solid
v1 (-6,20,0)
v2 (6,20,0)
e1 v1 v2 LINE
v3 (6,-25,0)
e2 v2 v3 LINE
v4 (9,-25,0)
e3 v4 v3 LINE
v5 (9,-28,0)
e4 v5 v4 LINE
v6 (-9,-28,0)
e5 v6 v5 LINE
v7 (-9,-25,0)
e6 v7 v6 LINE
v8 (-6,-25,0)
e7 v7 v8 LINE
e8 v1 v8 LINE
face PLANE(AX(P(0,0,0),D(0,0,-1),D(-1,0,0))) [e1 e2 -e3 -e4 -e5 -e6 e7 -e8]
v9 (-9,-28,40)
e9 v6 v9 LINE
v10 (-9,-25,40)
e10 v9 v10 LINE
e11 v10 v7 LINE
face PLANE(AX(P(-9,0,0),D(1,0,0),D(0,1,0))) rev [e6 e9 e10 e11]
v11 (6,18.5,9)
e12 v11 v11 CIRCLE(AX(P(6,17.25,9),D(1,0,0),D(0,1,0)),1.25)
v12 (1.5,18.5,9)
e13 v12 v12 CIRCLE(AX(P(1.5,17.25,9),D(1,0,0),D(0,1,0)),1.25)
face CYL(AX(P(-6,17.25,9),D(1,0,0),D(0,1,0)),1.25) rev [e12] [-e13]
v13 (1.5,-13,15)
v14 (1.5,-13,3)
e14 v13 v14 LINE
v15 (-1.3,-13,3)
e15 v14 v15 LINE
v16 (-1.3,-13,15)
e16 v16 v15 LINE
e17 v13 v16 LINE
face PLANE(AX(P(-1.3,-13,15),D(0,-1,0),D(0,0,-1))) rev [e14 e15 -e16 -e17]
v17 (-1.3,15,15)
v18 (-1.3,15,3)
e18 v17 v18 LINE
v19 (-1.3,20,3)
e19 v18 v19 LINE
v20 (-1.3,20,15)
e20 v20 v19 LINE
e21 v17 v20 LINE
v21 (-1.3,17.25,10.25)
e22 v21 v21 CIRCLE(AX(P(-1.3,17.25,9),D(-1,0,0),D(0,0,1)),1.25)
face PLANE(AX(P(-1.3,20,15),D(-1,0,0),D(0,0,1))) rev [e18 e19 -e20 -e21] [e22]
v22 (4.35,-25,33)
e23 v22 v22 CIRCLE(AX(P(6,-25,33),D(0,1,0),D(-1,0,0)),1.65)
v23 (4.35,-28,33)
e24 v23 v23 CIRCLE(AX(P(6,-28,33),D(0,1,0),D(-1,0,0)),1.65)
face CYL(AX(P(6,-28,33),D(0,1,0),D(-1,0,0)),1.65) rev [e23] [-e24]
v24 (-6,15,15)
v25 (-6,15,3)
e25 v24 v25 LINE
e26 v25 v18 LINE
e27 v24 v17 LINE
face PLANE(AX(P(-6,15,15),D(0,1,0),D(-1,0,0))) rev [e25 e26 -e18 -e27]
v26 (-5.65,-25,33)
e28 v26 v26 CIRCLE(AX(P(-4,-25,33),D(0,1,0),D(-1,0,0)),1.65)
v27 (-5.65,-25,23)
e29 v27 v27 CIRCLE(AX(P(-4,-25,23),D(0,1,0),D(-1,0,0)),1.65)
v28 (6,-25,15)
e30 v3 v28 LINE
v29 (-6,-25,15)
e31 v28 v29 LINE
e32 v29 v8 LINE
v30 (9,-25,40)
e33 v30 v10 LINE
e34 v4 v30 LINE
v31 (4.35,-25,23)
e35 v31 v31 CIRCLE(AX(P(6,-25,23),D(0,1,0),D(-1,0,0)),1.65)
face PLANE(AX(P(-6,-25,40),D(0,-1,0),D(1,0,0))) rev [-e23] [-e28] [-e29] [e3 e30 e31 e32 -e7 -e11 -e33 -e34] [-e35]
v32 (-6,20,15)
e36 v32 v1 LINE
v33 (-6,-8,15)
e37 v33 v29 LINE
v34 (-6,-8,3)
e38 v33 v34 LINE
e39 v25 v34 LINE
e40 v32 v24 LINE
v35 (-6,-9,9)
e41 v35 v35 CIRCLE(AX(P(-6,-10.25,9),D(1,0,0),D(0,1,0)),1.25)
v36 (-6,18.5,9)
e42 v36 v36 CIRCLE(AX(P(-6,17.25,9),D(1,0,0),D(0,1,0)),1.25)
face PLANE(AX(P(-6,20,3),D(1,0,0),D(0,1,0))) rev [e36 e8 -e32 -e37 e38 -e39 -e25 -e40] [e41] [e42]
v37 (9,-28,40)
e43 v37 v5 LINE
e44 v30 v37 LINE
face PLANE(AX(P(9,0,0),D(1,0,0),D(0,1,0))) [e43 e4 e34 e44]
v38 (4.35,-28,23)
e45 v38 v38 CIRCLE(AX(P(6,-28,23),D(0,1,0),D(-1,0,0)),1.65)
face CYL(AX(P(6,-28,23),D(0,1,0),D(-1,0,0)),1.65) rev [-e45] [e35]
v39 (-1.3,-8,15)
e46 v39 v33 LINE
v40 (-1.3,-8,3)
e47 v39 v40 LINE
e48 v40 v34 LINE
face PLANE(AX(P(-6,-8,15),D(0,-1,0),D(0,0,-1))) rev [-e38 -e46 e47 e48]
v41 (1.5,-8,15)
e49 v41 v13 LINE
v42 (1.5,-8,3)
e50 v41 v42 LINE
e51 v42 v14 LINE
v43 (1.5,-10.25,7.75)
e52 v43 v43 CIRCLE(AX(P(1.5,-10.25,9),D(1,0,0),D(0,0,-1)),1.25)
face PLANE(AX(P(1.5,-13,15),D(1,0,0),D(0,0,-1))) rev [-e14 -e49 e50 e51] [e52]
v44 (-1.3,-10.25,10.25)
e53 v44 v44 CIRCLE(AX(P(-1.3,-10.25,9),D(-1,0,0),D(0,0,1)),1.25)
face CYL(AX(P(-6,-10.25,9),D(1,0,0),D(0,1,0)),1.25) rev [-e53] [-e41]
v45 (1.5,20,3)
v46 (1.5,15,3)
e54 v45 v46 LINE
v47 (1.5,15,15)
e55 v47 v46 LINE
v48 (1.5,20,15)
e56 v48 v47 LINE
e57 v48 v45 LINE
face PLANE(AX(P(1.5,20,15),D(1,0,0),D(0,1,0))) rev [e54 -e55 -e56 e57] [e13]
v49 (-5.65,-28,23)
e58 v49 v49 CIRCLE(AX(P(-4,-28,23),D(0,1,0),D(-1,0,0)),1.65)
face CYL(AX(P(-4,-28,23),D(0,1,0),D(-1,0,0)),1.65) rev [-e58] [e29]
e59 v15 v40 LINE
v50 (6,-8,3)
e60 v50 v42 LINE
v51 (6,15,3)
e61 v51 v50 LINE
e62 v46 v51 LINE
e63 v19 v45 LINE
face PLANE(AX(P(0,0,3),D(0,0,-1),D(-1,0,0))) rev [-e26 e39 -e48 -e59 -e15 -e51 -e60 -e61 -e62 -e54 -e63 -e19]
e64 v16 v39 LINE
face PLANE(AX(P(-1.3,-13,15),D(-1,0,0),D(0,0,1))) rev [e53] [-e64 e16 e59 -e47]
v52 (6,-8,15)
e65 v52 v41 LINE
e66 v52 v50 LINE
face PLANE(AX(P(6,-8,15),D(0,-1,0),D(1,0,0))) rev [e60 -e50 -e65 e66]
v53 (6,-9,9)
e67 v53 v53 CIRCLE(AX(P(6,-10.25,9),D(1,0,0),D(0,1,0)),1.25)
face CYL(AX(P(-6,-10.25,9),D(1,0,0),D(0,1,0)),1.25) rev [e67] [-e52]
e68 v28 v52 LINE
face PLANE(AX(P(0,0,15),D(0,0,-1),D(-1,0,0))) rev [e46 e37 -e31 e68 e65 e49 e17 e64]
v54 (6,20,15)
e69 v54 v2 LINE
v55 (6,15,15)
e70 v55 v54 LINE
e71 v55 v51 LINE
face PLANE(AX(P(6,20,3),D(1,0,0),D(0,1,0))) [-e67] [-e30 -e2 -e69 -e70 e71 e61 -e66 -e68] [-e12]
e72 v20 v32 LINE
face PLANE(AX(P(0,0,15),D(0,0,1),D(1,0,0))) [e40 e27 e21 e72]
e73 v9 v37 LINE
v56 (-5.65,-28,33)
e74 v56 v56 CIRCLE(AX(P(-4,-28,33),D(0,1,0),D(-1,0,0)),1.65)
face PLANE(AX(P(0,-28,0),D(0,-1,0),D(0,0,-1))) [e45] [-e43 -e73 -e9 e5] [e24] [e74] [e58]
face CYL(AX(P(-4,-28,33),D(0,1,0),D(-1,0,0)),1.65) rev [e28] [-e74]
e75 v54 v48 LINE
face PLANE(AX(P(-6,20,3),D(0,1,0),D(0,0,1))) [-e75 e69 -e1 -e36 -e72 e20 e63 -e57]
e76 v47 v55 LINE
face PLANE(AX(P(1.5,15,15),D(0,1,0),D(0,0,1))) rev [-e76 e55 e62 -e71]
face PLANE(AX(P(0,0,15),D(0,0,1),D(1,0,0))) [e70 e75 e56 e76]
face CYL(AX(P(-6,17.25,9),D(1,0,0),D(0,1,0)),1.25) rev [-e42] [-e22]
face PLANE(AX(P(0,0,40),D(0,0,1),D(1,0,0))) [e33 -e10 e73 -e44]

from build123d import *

# Parameters (mm, degrees)
SKETCH_1_W          = 12
SKETCH_1_H          = 40
EXTRUDE_1_DEPTH     = 3
SKETCH_2_W          = 4.5
SKETCH_2_H          = 5
SKETCH_2_W_2        = 4.7
EXTRUDE_2_DEPTH     = 12
SKETCH_3_R          = 1.25
CUT_EXTRUDE_1_DEPTH = 12
SKETCH_4_W          = 12
SKETCH_4_H          = 15
EXTRUDE_3_DEPTH     = 8
SKETCH_5_W          = 12
SKETCH_5_H          = 3
EXTRUDE_4_DEPTH     = 25
SKETCH_6_W          = 40
SKETCH_6_H          = 3
EXTRUDE_5_DEPTH     = 3
SKETCH_7_R          = 1.65
CUT_EXTRUDE_2_DEPTH = 3
SKETCH_8_W          = 40
SKETCH_8_H          = 3
EXTRUDE_6_DEPTH     = 3


with BuildPart() as part:
    # 草图1 → 凸台-拉伸1 (new body)
    with BuildSketch(Plane.XY):
        Rectangle(SKETCH_1_W, SKETCH_1_H)
    extrude(amount=EXTRUDE_1_DEPTH)

    # 草图2 → 凸台-拉伸2 (add)
    with BuildSketch(Plane.XY.offset(3)):
        with Locations((3.75, 17.5)):
            Rectangle(SKETCH_2_W, SKETCH_2_H)
        with Locations((-3.65, 17.5)):
            Rectangle(SKETCH_2_W_2, SKETCH_2_H)
        Polygon((-6, -8), (-1.3, -8), (-1.3, -13), (1.5, -13), (1.5, -8), (6, -8), (6, -20), (-6, -20), align=None)
    extrude(amount=EXTRUDE_2_DEPTH)

    # 草图3 → 切除-拉伸1 (cut)
    with BuildSketch(Plane(origin=(6, 0, 0), x_dir=(0, 0, -1), z_dir=(1, 0, 0))):
        with Locations(Location((-9, 17.25, 0), (0, 0, 90))):
            Circle(SKETCH_3_R)
        with Locations(Location((-9, -10.25, 0), (0, 0, 90))):
            Circle(SKETCH_3_R)
    extrude(amount=-CUT_EXTRUDE_1_DEPTH, mode=Mode.SUBTRACT)

    # 草图4 → 凸台-拉伸3 (add)
    with BuildSketch(Plane.XZ.offset(20)):
        with Locations((0, 7.5)):
            Rectangle(SKETCH_4_W, SKETCH_4_H)
    extrude(amount=EXTRUDE_3_DEPTH)

    # 草图5 → 凸台-拉伸4 (add)
    with BuildSketch(Plane.XY.offset(15)):
        with Locations((0, -26.5)):
            Rectangle(SKETCH_5_W, SKETCH_5_H)
    extrude(amount=EXTRUDE_4_DEPTH)

    # 草图6 → 凸台-拉伸5 (add)
    with BuildSketch(Plane(origin=(6, 0, 0), x_dir=(0, 0, -1), z_dir=(1, 0, 0))):
        with Locations((-20, -26.5)):
            Rectangle(SKETCH_6_W, SKETCH_6_H)
    extrude(amount=EXTRUDE_5_DEPTH)

    # 草图7 → 切除-拉伸2 (cut)
    with BuildSketch(Plane(origin=(0, -25, 0), x_dir=(1, 0, 0), z_dir=(0, 1, 0))):
        with Locations(Location((6, -23, 0), (0, 0, 180))):
            Circle(SKETCH_7_R)
        with Locations(Location((6, -33, 0), (0, 0, 180))):
            Circle(SKETCH_7_R)
        with Locations(Location((-4, -23, 0), (0, 0, 180))):
            Circle(SKETCH_7_R)
        with Locations(Location((-4, -33, 0), (0, 0, 180))):
            Circle(SKETCH_7_R)
    extrude(amount=-CUT_EXTRUDE_2_DEPTH, mode=Mode.SUBTRACT)

    # 草图8 → 凸台-拉伸6 (add)
    with BuildSketch(Plane.ZY.offset(6)):
        with Locations((20, -26.5)):
            Rectangle(SKETCH_8_W, SKETCH_8_H)
    extrude(amount=EXTRUDE_6_DEPTH)


solid = part.part
